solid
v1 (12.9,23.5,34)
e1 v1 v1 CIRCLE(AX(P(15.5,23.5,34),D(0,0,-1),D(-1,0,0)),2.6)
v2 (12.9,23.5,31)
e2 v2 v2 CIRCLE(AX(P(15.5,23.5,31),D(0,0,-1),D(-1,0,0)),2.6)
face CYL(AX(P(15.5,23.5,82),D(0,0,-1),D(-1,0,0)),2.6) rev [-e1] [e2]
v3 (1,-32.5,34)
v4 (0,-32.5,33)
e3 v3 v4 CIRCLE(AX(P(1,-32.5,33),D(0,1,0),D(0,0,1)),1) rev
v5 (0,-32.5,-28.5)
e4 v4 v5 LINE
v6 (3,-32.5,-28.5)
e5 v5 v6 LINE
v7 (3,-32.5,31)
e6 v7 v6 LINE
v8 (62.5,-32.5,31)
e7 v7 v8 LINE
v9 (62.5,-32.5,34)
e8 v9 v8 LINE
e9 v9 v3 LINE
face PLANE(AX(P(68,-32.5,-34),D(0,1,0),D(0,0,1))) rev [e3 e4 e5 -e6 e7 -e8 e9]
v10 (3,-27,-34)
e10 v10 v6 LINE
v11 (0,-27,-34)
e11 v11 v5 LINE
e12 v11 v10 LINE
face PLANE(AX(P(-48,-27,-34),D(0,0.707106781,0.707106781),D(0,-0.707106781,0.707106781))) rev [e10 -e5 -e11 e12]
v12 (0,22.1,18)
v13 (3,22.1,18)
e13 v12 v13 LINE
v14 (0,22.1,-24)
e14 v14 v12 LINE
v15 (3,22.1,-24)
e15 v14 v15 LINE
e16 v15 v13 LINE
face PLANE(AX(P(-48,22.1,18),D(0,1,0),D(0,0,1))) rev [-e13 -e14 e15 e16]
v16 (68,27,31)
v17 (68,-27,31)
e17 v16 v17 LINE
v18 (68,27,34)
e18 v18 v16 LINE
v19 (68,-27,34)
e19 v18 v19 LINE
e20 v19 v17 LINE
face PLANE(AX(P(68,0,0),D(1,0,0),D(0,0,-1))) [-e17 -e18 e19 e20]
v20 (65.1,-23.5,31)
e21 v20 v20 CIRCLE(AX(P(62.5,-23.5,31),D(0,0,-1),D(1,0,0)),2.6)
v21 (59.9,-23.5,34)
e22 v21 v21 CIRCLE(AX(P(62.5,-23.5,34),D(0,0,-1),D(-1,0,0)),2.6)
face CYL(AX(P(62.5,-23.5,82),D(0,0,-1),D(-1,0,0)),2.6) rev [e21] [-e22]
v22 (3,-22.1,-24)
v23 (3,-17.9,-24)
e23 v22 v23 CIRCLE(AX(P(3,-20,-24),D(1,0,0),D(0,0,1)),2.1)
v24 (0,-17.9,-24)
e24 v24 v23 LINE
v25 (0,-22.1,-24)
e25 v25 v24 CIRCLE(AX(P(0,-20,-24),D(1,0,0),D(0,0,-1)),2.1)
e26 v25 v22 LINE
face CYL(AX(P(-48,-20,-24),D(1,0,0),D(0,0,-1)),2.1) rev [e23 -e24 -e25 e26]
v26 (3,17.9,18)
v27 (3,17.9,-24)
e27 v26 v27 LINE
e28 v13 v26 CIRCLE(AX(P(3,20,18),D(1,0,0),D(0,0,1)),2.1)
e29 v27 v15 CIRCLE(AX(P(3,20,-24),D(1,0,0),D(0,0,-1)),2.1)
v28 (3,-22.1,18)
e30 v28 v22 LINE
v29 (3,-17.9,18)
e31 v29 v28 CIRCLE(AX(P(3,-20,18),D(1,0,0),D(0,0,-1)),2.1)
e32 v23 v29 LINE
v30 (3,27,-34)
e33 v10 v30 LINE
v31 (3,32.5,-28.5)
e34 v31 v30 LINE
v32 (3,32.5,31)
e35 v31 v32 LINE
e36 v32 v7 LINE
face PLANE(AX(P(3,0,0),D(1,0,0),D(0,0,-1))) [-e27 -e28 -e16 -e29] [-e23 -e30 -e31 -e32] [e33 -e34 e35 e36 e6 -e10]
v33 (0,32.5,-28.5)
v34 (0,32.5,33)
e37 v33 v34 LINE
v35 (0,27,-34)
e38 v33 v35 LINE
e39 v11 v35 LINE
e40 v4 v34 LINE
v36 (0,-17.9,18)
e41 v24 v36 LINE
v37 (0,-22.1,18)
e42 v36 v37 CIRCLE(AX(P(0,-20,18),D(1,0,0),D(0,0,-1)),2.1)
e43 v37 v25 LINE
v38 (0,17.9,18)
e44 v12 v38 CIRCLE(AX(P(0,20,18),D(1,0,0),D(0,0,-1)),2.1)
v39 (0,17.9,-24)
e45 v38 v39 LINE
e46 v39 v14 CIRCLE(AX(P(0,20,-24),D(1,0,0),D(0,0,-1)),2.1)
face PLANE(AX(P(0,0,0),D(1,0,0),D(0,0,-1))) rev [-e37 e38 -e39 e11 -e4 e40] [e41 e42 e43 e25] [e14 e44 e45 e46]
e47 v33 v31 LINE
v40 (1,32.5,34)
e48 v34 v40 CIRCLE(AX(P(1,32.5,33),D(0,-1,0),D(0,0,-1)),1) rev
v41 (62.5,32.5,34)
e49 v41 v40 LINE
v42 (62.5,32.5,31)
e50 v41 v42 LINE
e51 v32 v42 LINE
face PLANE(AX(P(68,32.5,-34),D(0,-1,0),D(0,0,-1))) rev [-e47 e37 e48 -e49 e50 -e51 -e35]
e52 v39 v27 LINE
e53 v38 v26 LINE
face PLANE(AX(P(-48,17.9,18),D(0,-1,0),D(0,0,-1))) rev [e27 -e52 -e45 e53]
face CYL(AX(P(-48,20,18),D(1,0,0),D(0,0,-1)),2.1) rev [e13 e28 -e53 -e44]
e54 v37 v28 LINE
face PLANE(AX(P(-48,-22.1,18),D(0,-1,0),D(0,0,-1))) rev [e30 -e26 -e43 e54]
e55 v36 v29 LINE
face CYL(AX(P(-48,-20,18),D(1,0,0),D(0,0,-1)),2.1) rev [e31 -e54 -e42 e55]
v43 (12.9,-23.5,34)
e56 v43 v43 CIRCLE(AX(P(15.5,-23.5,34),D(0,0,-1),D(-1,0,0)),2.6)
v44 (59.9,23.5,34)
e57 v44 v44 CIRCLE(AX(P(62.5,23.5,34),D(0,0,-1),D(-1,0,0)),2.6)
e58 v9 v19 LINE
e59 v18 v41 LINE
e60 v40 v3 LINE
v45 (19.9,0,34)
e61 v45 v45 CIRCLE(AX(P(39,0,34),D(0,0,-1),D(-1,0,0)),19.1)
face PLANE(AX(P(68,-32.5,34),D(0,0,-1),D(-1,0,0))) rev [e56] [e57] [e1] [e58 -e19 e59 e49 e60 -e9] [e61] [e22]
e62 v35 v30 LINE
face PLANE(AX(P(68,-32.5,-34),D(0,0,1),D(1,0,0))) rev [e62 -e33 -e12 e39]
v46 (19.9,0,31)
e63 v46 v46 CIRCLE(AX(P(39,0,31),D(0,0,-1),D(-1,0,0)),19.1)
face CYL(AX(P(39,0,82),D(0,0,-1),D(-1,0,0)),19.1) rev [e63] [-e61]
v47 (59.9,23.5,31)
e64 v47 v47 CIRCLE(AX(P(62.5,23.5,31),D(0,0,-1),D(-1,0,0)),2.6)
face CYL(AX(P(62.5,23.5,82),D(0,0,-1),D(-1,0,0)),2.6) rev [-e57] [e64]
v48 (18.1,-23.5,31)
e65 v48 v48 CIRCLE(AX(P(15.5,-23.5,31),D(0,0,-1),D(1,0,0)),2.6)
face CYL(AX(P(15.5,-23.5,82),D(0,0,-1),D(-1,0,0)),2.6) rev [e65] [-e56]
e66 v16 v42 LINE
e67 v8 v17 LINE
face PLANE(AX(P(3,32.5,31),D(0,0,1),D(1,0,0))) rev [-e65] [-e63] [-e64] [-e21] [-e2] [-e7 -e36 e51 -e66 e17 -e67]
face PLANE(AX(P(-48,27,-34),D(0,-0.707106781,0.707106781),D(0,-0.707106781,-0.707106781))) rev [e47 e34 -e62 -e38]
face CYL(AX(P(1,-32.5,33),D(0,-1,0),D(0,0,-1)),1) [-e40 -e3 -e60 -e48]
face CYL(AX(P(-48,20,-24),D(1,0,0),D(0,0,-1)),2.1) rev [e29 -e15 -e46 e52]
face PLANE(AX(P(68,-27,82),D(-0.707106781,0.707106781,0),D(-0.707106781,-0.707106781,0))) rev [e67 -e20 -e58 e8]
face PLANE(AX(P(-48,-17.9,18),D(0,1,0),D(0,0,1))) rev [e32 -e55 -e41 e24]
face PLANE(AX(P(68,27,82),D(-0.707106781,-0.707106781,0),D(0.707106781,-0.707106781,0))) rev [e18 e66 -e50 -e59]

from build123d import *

# Parameters (mm, degrees)
SKETCH_1_W          = 68
SKETCH_1_H          = 65
EXTRUDE_1_DEPTH     = 68
SKETCH_2_W          = 65
SKETCH_2_H          = 65
CUT_EXTRUDE_1_DEPTH = 65
FILLET_1_R          = 1
SKETCH_6_R          = 2.6
SKETCH_6_R_2        = 19.1
CUT_EXTRUDE_4_DEPTH = 51
CUT_EXTRUDE_5_DEPTH = 51


with BuildPart() as part:
    # 草图1 → 凸台-拉伸1 (new body)
    with BuildSketch(Plane(origin=(0, 0, 0), x_dir=(0, 0, -1), z_dir=(1, 0, 0))):
        Rectangle(SKETCH_1_W, SKETCH_1_H)
    extrude(amount=EXTRUDE_1_DEPTH)

    # 草图2 → 切除-拉伸1 (cut)
    with BuildSketch(Plane(origin=(68, 0, 0), x_dir=(0, 0, -1), z_dir=(1, 0, 0))):
        with Locations((1.5, 0)):
            Rectangle(SKETCH_2_W, SKETCH_2_H)
    extrude(amount=-CUT_EXTRUDE_1_DEPTH, mode=Mode.SUBTRACT)

    # 圆角1
    fillet_1_edges = [part.edges().sort_by_distance(p)[0] for p in [
        (0, 0, 34),
    ]]
    fillet(fillet_1_edges, radius=FILLET_1_R)

    # 草图6 → 切除-拉伸4 (cut)
    with BuildSketch(Plane(origin=(0, 0, 31), x_dir=(-1, 0, 0), z_dir=(0, 0, -1))):
        with Locations((-62.5, 23.5)):
            Circle(SKETCH_6_R)
        with Locations((-15.5, 23.5)):
            Circle(SKETCH_6_R)
        with Locations((-39, 0)):
            Circle(SKETCH_6_R_2)
        with Locations((-15.5, -23.5)):
            Circle(SKETCH_6_R)
        with Locations((-62.5, -23.5)):
            Circle(SKETCH_6_R)
        Polygon((-68, 32.5), (-68, 27), (-62.5, 32.5), align=None)
        Polygon((-68, -27), (-62.5, -32.5), (-68, -32.5), align=None)
    extrude(amount=-CUT_EXTRUDE_4_DEPTH, mode=Mode.SUBTRACT)

    # 草图7 → 切除-拉伸5 (cut)
    with BuildSketch(Plane(origin=(3, 0, 0), x_dir=(0, 0, -1), z_dir=(1, 0, 0))):
        Polygon((28.5, 32.5), (34, 32.5), (34, 27), align=None)
        with BuildLine():
            Line((-18, 22.1), (24, 22.1))
            ThreePointArc((24, 22.1), (26.1, 20), (24, 17.9))
            Line((24, 17.9), (-18, 17.9))
            ThreePointArc((-18, 17.9), (-20.1, 20), (-18, 22.1))
        make_face()
        Polygon((34, -32.5), (34, -27), (28.5, -32.5), align=None)
        with BuildLine():
            Line((-18, -17.9), (24, -17.9))
            ThreePointArc((24, -17.9), (26.1, -20), (24, -22.1))
            Line((24, -22.1), (-18, -22.1))
            ThreePointArc((-18, -22.1), (-20.1, -20), (-18, -17.9))
        make_face()
    extrude(amount=-CUT_EXTRUDE_5_DEPTH, mode=Mode.SUBTRACT)


solid = part.part
